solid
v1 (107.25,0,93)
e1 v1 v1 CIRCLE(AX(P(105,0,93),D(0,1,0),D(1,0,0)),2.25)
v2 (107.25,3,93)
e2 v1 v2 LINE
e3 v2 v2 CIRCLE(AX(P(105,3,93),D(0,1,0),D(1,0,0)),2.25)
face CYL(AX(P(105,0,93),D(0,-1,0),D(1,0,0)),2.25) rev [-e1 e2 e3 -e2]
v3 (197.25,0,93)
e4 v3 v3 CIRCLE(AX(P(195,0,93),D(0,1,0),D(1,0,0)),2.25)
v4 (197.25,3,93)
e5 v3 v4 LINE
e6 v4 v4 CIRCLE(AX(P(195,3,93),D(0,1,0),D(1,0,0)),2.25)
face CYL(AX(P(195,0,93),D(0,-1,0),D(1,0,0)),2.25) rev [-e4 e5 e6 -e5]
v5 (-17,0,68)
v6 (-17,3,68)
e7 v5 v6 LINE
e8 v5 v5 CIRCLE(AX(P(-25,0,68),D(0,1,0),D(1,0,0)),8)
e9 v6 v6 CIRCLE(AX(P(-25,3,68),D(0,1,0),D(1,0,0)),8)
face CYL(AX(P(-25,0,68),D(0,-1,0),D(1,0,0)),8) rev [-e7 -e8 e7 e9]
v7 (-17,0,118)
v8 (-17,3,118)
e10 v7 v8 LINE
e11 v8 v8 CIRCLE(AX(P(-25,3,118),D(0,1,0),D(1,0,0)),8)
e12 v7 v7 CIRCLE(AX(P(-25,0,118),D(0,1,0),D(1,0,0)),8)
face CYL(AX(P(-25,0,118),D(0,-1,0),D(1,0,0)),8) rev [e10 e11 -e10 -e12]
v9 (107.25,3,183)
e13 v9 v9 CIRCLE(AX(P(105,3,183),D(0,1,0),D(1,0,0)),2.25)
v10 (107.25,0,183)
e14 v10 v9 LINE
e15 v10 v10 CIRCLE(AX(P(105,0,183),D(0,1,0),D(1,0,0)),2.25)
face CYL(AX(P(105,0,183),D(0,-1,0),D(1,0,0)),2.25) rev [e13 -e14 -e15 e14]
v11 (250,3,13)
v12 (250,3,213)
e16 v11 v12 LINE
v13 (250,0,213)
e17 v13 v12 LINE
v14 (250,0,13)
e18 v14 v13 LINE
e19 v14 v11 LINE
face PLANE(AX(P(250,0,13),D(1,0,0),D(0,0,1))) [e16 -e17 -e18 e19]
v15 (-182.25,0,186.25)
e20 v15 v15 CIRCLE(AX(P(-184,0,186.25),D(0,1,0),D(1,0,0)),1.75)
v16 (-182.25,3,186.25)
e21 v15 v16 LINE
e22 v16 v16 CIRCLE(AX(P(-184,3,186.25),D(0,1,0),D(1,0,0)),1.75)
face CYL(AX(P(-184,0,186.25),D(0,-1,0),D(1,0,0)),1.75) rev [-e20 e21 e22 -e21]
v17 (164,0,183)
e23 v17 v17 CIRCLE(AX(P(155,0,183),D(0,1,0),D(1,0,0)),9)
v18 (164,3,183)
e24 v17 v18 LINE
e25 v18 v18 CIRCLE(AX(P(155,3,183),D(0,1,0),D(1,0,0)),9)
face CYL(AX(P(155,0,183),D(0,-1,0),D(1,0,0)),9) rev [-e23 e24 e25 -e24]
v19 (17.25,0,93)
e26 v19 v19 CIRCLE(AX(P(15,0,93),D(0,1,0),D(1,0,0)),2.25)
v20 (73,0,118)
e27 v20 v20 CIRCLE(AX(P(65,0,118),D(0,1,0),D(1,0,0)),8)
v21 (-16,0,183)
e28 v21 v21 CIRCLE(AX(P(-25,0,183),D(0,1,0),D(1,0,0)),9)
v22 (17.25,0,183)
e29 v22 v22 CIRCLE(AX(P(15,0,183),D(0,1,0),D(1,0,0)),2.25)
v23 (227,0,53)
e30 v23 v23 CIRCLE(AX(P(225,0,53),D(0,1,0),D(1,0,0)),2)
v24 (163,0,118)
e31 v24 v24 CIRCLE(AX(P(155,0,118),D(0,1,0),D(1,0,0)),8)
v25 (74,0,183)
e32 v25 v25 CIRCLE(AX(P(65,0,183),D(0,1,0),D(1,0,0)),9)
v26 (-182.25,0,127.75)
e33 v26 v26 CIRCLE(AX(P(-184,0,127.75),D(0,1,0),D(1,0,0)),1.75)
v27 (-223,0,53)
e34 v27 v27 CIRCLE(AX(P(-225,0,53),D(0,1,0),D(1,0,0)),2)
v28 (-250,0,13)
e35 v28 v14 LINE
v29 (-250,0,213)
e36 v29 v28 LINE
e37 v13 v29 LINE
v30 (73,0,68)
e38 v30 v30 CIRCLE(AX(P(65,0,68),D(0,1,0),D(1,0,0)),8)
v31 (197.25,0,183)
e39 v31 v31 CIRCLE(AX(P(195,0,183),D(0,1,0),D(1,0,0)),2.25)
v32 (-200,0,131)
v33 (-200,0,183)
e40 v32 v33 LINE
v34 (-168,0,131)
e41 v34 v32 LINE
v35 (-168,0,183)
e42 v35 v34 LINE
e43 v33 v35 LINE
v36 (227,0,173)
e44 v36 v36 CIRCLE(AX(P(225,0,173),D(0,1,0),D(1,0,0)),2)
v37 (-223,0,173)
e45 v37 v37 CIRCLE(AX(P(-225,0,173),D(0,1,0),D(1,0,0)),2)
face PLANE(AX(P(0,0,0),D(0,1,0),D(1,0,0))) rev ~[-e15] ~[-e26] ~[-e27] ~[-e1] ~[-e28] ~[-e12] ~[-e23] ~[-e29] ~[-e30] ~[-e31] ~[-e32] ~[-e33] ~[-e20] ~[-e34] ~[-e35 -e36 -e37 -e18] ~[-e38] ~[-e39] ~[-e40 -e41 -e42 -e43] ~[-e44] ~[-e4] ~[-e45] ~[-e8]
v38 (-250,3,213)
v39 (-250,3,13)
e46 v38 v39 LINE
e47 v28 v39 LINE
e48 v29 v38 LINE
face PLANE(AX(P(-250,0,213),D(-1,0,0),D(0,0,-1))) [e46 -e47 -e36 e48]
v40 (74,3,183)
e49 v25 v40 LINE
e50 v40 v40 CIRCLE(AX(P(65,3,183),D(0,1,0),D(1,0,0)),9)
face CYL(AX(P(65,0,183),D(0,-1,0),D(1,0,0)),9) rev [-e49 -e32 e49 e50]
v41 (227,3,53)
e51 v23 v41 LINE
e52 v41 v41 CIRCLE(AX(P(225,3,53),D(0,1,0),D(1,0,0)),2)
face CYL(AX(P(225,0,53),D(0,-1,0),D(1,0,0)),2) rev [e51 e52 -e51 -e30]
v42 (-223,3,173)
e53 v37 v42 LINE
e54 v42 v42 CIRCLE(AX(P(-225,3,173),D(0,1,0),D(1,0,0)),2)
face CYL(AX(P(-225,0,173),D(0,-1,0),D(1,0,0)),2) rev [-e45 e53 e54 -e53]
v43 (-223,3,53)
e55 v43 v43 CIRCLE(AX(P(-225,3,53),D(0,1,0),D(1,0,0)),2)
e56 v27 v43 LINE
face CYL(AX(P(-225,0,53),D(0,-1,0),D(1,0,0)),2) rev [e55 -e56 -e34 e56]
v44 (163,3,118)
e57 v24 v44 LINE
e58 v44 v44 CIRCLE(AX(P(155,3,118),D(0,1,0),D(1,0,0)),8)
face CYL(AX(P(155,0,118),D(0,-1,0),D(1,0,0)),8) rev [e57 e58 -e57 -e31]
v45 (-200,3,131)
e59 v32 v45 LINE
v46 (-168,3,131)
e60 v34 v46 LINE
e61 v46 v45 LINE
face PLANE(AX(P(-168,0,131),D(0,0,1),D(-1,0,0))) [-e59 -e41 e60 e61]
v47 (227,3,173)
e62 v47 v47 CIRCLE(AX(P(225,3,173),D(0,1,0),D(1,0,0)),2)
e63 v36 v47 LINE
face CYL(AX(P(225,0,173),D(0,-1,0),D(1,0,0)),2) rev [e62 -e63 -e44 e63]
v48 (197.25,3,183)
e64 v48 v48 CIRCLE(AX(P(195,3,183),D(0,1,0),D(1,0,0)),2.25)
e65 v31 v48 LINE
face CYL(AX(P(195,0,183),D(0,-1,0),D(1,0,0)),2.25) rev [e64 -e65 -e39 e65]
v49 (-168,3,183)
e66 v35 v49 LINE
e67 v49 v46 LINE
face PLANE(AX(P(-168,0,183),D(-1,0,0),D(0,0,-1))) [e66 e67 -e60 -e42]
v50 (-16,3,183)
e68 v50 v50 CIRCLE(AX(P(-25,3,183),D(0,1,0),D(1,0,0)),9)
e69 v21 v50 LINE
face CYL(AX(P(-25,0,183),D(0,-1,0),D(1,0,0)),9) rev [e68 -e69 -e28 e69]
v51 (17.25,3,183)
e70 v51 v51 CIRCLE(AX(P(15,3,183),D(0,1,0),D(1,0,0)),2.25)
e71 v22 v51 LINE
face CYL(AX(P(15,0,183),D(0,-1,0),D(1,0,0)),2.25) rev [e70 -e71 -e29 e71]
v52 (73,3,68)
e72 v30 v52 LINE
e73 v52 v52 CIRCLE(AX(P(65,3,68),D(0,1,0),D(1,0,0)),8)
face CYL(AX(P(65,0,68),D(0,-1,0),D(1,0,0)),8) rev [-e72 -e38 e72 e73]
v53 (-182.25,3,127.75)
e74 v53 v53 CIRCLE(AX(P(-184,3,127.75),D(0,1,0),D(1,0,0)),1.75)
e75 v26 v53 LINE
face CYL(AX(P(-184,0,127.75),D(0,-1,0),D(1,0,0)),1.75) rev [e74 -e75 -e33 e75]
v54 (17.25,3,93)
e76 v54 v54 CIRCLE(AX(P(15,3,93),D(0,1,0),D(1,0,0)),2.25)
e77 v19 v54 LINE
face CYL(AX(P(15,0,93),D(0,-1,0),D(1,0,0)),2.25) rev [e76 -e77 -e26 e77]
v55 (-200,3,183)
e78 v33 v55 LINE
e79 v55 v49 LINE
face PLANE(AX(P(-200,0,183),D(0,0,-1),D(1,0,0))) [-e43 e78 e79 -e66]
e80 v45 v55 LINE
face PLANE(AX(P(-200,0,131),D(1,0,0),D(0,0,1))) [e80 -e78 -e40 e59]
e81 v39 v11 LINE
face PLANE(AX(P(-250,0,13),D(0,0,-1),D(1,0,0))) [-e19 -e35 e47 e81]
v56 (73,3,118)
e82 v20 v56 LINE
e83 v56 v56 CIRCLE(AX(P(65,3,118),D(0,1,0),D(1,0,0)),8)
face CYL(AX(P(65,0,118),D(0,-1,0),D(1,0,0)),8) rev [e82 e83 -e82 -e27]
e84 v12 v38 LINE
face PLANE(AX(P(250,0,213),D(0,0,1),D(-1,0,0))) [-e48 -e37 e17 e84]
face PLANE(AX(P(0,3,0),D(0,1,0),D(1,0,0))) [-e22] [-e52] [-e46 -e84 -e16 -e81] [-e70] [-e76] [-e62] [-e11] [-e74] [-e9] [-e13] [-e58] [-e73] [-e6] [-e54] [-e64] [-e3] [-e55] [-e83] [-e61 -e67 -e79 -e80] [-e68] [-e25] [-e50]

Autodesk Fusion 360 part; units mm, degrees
sketch "Panel" plane through (0, 0, 0) normal (0, 1, 0) x (1, 0, 0)
  line L0 (-250, -13) -> (250, -13)
  line L1 (250, -13) -> (250, -213)
  line L2 (250, -213) -> (-250, -213)
  line L3 (-250, -213) -> (-250, -13)
  line L4 (-200, -183) -> (-168, -183)
  line L5 (-168, -183) -> (-168, -131)
  line L6 (-168, -131) -> (-200, -131)
  line L7 (-200, -131) -> (-200, -183)
  line L8 (-184, -114.7229) -> (-184, -199.089) construction
  circle A0 centre (-184, -186.25) radius 1.75
  circle A1 centre (-184, -127.75) radius 1.75
  line L9 (-200, -157) -> (-168, -157) construction
  line L10 (-225, -213) -> (-225, -13) construction
  circle A2 centre (-225, -53) radius 2
  circle A3 centre (-225, -173) radius 2
  line L11 (225, -213) -> (225, -209.3492) construction
  line L12 (225, -209.3492) -> (225, -13) construction
  circle A4 centre (225, -53) radius 2
  circle A5 centre (225, -173) radius 2
  line L13 (220.184, -168) -> (-130.7385, -168) construction
  line L14 (220.184, -183) -> (-130.7385, -183) construction
  line L15 (220.184, -118) -> (-123.7941, -118) construction
  line L16 (220.184, -93) -> (-123.7941, -93) construction
  line L17 (220.184, -68) -> (-123.7941, -68) construction
  line L18 (195, -213) -> (195, -38) construction
  line L19 (105, -213) -> (105, -38) construction
  line L20 (15, -213) -> (15, -38) construction
  circle A6 centre (195, -183) radius 2.25
  circle A7 centre (195, -93) radius 2.25
  circle A8 centre (105, -93) radius 2.25
  circle A9 centre (105, -183) radius 2.25
  circle A10 centre (15, -183) radius 2.25
  circle A11 centre (15, -93) radius 2.25
  line L21 (155, -183) -> (155, -68) construction
  line L22 (65, -183) -> (65, -68) construction
  line L23 (-25, -183) -> (-25, -68) construction
  circle A12 centre (155, -183) radius 9
  circle A13 centre (65, -183) radius 9
  circle A14 centre (-25, -183) radius 9
  circle A15 centre (155, -118) radius 8
  circle A16 centre (65, -118) radius 8
  circle A17 centre (-25, -118) radius 8
  circle A18 centre (65, -68) radius 8
  circle A19 centre (-25, -68) radius 8
  dimension "d1" = 500
  dimension "d2" = 200
  dimension "d3" = 13
  dimension "d4" = 250
  dimension "d5" = 32
  dimension "d6" = 52
  dimension "d7" = 50
  dimension "d8" = 30
  dimension "d9" = 3.5
  dimension "d10" = 3.5
  dimension "d11" = 29.25
  dimension "d12" = 29.25
  dimension "d13" = 25
  dimension "d14" = 4
  dimension "d15" = 4
  dimension "d16" = 25
  dimension "d17" = 4
  dimension "d18" = 4
  dimension "d19" = 40
  dimension "d20" = 40
  dimension "d21" = 40
  dimension "d22" = 40
  dimension "d23" = 45
  dimension "d24" = 30
  dimension "d25" = 95
  dimension "d26" = 90
  dimension "d27" = 50
  dimension "d29" = 55
  dimension "d30" = 90
  dimension "d31" = 90
  dimension "d35" = 4.5
  dimension "d36" = 4.5
  dimension "d37" = 4.5
  dimension "d38" = 4.5
  dimension "d39" = 4.5
  dimension "d40" = 4.5
  dimension "d44" = 40
  dimension "d45" = 40
  dimension "d46" = 40
  dimension "d47" = 18
  dimension "d48" = 18
  dimension "d49" = 18
  dimension "d50" = 16
  dimension "d51" = 16
  dimension "d52" = 16
  dimension "d53" = 16
  dimension "d54" = 16
extrude "Extrude1" add sketch "Panel" along normal blind 3
equation "d4 = d1 / 2"
equation "d12 = d11"
equation "d15 = d14"
equation "d16 = d13"
equation "d17 = d14"
equation "d18 = d14"
equation "d20 = d19"
equation "d21 = d19"
equation "d22 = d19"
equation "d31 = d30"
equation "d36 = d35"
equation "d37 = d35"
equation "d38 = d35"
equation "d39 = d35"
equation "d40 = d35"
equation "d45 = d44"
equation "d46 = d44"
equation "d48 = d47"
equation "d49 = d47"
equation "d51 = d50"
equation "d52 = d50"
equation "d53 = d50"
equation "d54 = d50"
